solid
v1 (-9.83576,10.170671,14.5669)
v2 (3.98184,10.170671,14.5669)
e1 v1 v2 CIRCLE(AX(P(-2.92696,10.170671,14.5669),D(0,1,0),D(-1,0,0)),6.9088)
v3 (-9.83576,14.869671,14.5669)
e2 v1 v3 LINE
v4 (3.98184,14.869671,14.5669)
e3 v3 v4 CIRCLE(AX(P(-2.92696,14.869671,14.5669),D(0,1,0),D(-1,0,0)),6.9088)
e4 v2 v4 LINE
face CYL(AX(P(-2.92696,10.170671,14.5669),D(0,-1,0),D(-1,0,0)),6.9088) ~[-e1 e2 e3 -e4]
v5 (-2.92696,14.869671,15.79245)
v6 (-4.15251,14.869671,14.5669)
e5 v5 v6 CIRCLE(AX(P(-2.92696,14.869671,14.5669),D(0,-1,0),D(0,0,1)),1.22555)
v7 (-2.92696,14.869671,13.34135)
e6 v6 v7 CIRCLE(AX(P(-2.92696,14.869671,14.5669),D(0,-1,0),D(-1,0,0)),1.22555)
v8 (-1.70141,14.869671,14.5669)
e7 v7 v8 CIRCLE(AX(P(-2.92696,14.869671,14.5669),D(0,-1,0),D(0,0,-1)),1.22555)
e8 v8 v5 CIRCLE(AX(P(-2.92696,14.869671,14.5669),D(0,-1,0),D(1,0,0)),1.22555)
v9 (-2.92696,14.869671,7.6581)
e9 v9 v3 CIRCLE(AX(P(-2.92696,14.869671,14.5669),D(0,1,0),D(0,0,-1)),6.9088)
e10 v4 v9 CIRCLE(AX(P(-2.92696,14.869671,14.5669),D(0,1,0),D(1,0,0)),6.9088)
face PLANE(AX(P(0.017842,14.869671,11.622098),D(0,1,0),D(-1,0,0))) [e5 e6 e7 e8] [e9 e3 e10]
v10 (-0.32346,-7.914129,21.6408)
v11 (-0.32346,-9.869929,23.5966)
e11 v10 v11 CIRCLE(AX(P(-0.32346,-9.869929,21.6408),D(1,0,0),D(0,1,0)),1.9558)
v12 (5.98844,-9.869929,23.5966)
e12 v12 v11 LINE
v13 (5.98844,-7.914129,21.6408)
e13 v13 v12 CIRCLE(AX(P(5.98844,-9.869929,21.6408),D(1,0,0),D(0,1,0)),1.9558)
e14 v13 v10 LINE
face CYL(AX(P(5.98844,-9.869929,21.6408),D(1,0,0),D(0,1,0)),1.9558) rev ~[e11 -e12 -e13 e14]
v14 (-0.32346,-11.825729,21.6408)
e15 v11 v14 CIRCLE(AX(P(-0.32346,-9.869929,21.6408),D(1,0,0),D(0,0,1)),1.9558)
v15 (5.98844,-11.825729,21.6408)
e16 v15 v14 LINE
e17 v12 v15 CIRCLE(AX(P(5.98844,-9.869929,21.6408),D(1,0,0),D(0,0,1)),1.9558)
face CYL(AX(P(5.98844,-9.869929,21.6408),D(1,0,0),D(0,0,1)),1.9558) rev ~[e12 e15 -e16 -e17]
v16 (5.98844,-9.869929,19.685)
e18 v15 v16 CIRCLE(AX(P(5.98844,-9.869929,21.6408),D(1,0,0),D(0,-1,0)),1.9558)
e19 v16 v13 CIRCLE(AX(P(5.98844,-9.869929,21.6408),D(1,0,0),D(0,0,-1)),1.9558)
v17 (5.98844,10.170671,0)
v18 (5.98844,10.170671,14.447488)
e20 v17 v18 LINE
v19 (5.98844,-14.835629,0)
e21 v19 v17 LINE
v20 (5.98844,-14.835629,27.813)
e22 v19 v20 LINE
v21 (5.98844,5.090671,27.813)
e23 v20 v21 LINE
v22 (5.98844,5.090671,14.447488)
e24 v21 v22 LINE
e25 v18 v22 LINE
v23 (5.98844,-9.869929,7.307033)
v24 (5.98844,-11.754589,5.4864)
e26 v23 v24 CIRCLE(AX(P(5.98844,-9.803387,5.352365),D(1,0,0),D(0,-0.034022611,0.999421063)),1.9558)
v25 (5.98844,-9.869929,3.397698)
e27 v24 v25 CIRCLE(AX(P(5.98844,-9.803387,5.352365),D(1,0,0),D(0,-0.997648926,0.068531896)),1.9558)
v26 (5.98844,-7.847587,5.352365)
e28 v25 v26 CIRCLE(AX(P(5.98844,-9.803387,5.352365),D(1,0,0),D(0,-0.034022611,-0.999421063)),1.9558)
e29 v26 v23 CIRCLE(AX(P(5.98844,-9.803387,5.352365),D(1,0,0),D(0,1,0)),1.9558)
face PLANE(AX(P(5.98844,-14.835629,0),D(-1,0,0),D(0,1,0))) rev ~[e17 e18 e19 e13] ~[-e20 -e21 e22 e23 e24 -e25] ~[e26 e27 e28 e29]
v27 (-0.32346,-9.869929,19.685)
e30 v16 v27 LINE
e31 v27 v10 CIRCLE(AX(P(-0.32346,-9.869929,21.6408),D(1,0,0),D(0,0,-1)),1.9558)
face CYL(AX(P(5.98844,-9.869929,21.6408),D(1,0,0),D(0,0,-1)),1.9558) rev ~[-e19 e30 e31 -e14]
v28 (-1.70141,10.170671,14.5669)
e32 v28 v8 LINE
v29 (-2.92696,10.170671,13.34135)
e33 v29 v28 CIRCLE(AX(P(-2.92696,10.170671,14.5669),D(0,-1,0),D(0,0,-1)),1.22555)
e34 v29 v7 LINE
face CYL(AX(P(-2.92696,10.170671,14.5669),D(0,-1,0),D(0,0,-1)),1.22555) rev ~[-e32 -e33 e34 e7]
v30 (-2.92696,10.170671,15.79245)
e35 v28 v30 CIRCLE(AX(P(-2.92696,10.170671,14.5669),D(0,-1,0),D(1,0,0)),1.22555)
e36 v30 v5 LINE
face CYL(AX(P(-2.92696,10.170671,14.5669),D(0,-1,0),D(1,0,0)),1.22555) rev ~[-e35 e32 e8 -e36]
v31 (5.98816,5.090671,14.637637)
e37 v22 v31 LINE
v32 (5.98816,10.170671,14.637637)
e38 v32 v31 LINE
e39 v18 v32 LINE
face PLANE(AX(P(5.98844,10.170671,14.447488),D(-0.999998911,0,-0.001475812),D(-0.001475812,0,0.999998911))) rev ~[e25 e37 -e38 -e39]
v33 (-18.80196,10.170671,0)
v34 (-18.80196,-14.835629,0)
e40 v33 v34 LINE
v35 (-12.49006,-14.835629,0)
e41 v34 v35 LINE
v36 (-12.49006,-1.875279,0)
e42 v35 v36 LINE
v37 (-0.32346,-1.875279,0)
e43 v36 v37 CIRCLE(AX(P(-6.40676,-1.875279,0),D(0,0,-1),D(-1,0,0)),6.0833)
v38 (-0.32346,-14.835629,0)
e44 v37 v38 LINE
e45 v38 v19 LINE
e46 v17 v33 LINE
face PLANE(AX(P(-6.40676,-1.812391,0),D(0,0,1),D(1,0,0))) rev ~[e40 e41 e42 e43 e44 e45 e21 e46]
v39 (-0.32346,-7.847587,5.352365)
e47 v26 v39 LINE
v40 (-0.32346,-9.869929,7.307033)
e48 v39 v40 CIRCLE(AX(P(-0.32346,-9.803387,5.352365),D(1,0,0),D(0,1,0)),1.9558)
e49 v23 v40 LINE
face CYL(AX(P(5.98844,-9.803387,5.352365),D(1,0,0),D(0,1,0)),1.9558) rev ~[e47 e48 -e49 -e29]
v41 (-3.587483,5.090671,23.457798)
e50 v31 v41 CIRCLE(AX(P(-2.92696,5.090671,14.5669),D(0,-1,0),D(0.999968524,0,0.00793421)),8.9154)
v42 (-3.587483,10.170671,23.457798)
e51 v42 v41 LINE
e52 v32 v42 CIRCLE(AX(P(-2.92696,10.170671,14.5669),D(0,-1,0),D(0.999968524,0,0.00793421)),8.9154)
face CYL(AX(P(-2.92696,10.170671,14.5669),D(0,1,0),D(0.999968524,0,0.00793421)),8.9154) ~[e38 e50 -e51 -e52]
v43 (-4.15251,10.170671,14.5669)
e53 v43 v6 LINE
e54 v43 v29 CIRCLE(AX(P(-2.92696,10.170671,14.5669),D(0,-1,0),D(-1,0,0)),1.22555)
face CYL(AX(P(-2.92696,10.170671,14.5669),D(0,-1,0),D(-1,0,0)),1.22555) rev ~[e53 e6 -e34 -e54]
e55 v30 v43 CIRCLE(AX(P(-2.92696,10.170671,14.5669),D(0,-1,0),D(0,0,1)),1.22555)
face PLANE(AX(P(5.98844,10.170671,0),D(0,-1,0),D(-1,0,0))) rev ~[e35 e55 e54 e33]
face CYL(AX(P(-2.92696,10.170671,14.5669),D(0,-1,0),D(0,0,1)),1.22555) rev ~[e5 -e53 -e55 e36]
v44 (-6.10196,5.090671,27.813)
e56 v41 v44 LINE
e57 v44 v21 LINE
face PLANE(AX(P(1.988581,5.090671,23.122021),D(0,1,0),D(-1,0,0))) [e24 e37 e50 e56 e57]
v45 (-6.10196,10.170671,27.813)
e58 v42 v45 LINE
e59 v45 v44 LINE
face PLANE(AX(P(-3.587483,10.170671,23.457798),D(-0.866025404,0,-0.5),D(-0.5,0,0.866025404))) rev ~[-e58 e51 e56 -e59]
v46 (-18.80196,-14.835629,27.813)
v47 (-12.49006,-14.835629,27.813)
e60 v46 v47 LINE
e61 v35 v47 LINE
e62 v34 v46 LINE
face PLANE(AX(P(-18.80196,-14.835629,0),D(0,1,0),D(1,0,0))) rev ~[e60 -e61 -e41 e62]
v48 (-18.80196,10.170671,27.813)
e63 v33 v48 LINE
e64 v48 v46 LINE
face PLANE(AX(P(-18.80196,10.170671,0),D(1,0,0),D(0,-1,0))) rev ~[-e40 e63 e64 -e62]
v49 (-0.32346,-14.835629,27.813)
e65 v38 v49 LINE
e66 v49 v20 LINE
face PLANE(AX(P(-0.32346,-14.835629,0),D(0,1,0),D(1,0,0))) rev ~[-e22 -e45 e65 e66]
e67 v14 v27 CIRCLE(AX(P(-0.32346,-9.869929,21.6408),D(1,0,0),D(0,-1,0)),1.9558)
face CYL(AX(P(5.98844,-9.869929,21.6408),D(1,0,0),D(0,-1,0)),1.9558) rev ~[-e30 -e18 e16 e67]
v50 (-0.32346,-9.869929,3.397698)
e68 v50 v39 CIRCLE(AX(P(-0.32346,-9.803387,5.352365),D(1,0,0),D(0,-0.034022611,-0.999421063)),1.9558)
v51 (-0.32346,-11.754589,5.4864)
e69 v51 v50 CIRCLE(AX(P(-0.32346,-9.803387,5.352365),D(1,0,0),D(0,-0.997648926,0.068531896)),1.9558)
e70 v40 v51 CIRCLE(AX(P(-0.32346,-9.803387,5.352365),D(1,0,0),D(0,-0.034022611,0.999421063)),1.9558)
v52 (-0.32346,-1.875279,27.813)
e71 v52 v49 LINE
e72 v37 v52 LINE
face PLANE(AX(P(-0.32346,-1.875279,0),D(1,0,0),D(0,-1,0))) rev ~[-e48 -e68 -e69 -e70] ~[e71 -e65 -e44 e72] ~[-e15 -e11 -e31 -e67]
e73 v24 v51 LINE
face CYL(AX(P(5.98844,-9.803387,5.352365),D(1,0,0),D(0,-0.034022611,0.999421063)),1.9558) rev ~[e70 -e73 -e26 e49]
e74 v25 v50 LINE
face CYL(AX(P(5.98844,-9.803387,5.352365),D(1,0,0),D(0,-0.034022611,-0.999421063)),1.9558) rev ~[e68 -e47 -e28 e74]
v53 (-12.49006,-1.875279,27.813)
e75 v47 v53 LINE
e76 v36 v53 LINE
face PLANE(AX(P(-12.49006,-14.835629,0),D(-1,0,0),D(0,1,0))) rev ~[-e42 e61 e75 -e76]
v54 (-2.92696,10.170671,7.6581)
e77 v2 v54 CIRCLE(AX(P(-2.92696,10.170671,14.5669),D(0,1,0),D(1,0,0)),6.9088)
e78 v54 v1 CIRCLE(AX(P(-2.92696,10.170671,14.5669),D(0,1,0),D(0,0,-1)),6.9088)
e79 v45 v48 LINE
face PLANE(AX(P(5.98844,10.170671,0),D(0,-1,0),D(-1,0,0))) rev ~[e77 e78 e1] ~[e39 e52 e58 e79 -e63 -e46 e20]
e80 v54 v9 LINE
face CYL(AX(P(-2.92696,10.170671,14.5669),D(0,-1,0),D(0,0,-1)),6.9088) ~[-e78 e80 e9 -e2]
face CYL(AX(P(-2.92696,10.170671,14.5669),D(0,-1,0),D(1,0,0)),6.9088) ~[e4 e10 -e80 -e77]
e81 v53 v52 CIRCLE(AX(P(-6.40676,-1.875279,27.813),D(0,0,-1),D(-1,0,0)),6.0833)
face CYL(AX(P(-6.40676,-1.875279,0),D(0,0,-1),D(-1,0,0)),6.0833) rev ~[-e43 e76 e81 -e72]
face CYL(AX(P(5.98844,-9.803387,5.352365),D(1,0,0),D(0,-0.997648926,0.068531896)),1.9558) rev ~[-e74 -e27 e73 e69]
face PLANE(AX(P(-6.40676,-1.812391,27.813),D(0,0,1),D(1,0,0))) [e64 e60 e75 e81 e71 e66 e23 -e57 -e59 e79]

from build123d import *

# Parameters (mm, degrees)
F1_DEPTH = 27.813
F3_DEPTH = 6.3119
F5_DEPTH = 4.699
F7_DEPTH = 5.08


with BuildPart() as f1:
    # F0 (on Top) → F1 (new body)
    with BuildSketch(Plane.XY):
        with BuildLine():
            Line((-18.8019596104, 10.1706712406), (-18.8019596104, -14.8356287594))
            Line((-18.8019596104, -14.8356287594), (-12.4900596104, -14.8356287594))
            Line((-12.4900596104, -14.8356287594), (-12.4900596104, -1.8752787594))
            ThreePointArc((-12.4900596104, -1.8752787594), (-6.4067596104, 4.2080212406), (-0.3234596104, -1.8752787594))
            Line((-0.3234596104, -1.8752787594), (-0.3234596104, -14.8356287594))
            Line((-0.3234596104, -14.8356287594), (5.9884403896, -14.8356287594))
            Line((5.9884403896, -14.8356287594), (5.9884403896, 10.1706712406))
            Line((5.9884403896, 10.1706712406), (-18.8019596104, 10.1706712406))
        make_face()
    extrude(amount=F1_DEPTH)

    # F2 (on face) → F3 (cut, through all)
    with BuildSketch(Plane.YZ.offset(5.9884403896)):
        with BuildLine():
            ThreePointArc((-7.9141287594, 21.6408), (-8.4869693167, 23.0237594426), (-9.8699287594, 23.5966))
            Line((-9.8699287594, 23.5966), (-9.8699287594, 21.6408))
            Line((-9.8699287594, 21.6408), (-9.8699287594, 19.685))
            ThreePointArc((-9.8699287594, 19.685), (-8.4869693167, 20.2578405574), (-7.9141287594, 21.6408))
        make_face()
        with BuildLine():
            Line((-9.8699287594, 21.6408), (-9.8699287594, 23.5966))
            ThreePointArc((-9.8699287594, 23.5966), (-11.252888202, 23.0237594426), (-11.8257287594, 21.6408))
            Line((-11.8257287594, 21.6408), (-9.8699287594, 21.6408))
        make_face()
        with BuildLine():
            Line((-9.8699287594, 19.685), (-9.8699287594, 21.6408))
            Line((-9.8699287594, 21.6408), (-11.8257287594, 21.6408))
            ThreePointArc((-11.8257287594, 21.6408), (-11.252888202, 20.2578405574), (-9.8699287594, 19.685))
        make_face()
        with BuildLine():
            ThreePointArc((-7.8475873364, 5.3523653187), (-8.4441574212, 6.7586539368), (-9.8699287594, 7.3070330344))
            Line((-9.8699287594, 7.3070330344), (-9.8699287594, 5.4864))
            Line((-9.8699287594, 5.4864), (-9.8699287594, 3.3976976029))
            ThreePointArc((-9.8699287594, 3.3976976029), (-8.4441574212, 3.9460767006), (-7.8475873364, 5.3523653187))
        make_face()
        with BuildLine():
            Line((-9.8699287594, 5.4864), (-9.8699287594, 7.3070330344))
            ThreePointArc((-9.8699287594, 7.3070330344), (-11.1622464384, 6.7590122471), (-11.7545891057, 5.4864))
            Line((-11.7545891057, 5.4864), (-9.8699287594, 5.4864))
        make_face()
        with BuildLine():
            ThreePointArc((-11.7545891057, 5.4864), (-11.2554518403, 4.0421507116), (-9.8699287594, 3.3976976029))
            Line((-9.8699287594, 3.3976976029), (-9.8699287594, 5.4864))
            Line((-9.8699287594, 5.4864), (-11.7545891057, 5.4864))
        make_face()
    extrude(amount=-F3_DEPTH, mode=Mode.SUBTRACT)

    # F4 (on face) → F5 (join)
    with BuildSketch(Plane(origin=(0, 10.1706712406, 0), x_dir=(-1, 0, 0), z_dir=(0, 1, 0))):
        with BuildLine():
            ThreePointArc((-3.9818403896, 14.5669), (-1.9582997195, 9.6816406701), (2.9269596104, 7.6581))
            Line((2.9269596104, 7.6581), (2.9269596104, 13.34135))
            ThreePointArc((2.9269596104, 13.34135), (2.0603648947, 13.7003052843), (1.7014096104, 14.5669))
            Line((1.7014096104, 14.5669), (-3.9818403896, 14.5669))
        make_face()
        with BuildLine():
            Line((2.9269596104, 13.34135), (2.9269596104, 7.6581))
            ThreePointArc((2.9269596104, 7.6581), (7.8122189403, 9.6816406701), (9.8357596104, 14.5669))
            ThreePointArc((9.8357596104, 14.5669), (2.9269596104, 21.4757), (-3.9818403896, 14.5669))
            Line((-3.9818403896, 14.5669), (1.7014096104, 14.5669))
            ThreePointArc((1.7014096104, 14.5669), (2.0603648947, 15.4334947157), (2.9269596104, 15.79245))
            ThreePointArc((2.9269596104, 15.79245), (3.7935543261, 15.4334947157), (4.1525096104, 14.5669))
            ThreePointArc((4.1525096104, 14.5669), (3.7935543261, 13.7003052843), (2.9269596104, 13.34135))
        make_face()
    extrude(amount=F5_DEPTH)

    # F6 (on face) → F7 (cut)
    with BuildSketch(Plane(origin=(0, 10.1706712406, 0), x_dir=(-1, 0, 0), z_dir=(0, 1, 0))):
        with BuildLine():
            Line((3.5874825428, 23.4577979645), (6.1019596104, 27.813))
            Line((6.1019596104, 27.813), (-5.9884403896, 27.813))
            Line((-5.9884403896, 27.813), (-5.9884403896, 14.4474878907))
            Line((-5.9884403896, 14.4474878907), (-5.9881597655, 14.637636653))
            ThreePointArc((-5.9881597655, 14.637636653), (-3.11318956, 21.1244113541), (3.5874825428, 23.4577979645))
        make_face()
    extrude(amount=-F7_DEPTH, mode=Mode.SUBTRACT)


solid = f1.part
